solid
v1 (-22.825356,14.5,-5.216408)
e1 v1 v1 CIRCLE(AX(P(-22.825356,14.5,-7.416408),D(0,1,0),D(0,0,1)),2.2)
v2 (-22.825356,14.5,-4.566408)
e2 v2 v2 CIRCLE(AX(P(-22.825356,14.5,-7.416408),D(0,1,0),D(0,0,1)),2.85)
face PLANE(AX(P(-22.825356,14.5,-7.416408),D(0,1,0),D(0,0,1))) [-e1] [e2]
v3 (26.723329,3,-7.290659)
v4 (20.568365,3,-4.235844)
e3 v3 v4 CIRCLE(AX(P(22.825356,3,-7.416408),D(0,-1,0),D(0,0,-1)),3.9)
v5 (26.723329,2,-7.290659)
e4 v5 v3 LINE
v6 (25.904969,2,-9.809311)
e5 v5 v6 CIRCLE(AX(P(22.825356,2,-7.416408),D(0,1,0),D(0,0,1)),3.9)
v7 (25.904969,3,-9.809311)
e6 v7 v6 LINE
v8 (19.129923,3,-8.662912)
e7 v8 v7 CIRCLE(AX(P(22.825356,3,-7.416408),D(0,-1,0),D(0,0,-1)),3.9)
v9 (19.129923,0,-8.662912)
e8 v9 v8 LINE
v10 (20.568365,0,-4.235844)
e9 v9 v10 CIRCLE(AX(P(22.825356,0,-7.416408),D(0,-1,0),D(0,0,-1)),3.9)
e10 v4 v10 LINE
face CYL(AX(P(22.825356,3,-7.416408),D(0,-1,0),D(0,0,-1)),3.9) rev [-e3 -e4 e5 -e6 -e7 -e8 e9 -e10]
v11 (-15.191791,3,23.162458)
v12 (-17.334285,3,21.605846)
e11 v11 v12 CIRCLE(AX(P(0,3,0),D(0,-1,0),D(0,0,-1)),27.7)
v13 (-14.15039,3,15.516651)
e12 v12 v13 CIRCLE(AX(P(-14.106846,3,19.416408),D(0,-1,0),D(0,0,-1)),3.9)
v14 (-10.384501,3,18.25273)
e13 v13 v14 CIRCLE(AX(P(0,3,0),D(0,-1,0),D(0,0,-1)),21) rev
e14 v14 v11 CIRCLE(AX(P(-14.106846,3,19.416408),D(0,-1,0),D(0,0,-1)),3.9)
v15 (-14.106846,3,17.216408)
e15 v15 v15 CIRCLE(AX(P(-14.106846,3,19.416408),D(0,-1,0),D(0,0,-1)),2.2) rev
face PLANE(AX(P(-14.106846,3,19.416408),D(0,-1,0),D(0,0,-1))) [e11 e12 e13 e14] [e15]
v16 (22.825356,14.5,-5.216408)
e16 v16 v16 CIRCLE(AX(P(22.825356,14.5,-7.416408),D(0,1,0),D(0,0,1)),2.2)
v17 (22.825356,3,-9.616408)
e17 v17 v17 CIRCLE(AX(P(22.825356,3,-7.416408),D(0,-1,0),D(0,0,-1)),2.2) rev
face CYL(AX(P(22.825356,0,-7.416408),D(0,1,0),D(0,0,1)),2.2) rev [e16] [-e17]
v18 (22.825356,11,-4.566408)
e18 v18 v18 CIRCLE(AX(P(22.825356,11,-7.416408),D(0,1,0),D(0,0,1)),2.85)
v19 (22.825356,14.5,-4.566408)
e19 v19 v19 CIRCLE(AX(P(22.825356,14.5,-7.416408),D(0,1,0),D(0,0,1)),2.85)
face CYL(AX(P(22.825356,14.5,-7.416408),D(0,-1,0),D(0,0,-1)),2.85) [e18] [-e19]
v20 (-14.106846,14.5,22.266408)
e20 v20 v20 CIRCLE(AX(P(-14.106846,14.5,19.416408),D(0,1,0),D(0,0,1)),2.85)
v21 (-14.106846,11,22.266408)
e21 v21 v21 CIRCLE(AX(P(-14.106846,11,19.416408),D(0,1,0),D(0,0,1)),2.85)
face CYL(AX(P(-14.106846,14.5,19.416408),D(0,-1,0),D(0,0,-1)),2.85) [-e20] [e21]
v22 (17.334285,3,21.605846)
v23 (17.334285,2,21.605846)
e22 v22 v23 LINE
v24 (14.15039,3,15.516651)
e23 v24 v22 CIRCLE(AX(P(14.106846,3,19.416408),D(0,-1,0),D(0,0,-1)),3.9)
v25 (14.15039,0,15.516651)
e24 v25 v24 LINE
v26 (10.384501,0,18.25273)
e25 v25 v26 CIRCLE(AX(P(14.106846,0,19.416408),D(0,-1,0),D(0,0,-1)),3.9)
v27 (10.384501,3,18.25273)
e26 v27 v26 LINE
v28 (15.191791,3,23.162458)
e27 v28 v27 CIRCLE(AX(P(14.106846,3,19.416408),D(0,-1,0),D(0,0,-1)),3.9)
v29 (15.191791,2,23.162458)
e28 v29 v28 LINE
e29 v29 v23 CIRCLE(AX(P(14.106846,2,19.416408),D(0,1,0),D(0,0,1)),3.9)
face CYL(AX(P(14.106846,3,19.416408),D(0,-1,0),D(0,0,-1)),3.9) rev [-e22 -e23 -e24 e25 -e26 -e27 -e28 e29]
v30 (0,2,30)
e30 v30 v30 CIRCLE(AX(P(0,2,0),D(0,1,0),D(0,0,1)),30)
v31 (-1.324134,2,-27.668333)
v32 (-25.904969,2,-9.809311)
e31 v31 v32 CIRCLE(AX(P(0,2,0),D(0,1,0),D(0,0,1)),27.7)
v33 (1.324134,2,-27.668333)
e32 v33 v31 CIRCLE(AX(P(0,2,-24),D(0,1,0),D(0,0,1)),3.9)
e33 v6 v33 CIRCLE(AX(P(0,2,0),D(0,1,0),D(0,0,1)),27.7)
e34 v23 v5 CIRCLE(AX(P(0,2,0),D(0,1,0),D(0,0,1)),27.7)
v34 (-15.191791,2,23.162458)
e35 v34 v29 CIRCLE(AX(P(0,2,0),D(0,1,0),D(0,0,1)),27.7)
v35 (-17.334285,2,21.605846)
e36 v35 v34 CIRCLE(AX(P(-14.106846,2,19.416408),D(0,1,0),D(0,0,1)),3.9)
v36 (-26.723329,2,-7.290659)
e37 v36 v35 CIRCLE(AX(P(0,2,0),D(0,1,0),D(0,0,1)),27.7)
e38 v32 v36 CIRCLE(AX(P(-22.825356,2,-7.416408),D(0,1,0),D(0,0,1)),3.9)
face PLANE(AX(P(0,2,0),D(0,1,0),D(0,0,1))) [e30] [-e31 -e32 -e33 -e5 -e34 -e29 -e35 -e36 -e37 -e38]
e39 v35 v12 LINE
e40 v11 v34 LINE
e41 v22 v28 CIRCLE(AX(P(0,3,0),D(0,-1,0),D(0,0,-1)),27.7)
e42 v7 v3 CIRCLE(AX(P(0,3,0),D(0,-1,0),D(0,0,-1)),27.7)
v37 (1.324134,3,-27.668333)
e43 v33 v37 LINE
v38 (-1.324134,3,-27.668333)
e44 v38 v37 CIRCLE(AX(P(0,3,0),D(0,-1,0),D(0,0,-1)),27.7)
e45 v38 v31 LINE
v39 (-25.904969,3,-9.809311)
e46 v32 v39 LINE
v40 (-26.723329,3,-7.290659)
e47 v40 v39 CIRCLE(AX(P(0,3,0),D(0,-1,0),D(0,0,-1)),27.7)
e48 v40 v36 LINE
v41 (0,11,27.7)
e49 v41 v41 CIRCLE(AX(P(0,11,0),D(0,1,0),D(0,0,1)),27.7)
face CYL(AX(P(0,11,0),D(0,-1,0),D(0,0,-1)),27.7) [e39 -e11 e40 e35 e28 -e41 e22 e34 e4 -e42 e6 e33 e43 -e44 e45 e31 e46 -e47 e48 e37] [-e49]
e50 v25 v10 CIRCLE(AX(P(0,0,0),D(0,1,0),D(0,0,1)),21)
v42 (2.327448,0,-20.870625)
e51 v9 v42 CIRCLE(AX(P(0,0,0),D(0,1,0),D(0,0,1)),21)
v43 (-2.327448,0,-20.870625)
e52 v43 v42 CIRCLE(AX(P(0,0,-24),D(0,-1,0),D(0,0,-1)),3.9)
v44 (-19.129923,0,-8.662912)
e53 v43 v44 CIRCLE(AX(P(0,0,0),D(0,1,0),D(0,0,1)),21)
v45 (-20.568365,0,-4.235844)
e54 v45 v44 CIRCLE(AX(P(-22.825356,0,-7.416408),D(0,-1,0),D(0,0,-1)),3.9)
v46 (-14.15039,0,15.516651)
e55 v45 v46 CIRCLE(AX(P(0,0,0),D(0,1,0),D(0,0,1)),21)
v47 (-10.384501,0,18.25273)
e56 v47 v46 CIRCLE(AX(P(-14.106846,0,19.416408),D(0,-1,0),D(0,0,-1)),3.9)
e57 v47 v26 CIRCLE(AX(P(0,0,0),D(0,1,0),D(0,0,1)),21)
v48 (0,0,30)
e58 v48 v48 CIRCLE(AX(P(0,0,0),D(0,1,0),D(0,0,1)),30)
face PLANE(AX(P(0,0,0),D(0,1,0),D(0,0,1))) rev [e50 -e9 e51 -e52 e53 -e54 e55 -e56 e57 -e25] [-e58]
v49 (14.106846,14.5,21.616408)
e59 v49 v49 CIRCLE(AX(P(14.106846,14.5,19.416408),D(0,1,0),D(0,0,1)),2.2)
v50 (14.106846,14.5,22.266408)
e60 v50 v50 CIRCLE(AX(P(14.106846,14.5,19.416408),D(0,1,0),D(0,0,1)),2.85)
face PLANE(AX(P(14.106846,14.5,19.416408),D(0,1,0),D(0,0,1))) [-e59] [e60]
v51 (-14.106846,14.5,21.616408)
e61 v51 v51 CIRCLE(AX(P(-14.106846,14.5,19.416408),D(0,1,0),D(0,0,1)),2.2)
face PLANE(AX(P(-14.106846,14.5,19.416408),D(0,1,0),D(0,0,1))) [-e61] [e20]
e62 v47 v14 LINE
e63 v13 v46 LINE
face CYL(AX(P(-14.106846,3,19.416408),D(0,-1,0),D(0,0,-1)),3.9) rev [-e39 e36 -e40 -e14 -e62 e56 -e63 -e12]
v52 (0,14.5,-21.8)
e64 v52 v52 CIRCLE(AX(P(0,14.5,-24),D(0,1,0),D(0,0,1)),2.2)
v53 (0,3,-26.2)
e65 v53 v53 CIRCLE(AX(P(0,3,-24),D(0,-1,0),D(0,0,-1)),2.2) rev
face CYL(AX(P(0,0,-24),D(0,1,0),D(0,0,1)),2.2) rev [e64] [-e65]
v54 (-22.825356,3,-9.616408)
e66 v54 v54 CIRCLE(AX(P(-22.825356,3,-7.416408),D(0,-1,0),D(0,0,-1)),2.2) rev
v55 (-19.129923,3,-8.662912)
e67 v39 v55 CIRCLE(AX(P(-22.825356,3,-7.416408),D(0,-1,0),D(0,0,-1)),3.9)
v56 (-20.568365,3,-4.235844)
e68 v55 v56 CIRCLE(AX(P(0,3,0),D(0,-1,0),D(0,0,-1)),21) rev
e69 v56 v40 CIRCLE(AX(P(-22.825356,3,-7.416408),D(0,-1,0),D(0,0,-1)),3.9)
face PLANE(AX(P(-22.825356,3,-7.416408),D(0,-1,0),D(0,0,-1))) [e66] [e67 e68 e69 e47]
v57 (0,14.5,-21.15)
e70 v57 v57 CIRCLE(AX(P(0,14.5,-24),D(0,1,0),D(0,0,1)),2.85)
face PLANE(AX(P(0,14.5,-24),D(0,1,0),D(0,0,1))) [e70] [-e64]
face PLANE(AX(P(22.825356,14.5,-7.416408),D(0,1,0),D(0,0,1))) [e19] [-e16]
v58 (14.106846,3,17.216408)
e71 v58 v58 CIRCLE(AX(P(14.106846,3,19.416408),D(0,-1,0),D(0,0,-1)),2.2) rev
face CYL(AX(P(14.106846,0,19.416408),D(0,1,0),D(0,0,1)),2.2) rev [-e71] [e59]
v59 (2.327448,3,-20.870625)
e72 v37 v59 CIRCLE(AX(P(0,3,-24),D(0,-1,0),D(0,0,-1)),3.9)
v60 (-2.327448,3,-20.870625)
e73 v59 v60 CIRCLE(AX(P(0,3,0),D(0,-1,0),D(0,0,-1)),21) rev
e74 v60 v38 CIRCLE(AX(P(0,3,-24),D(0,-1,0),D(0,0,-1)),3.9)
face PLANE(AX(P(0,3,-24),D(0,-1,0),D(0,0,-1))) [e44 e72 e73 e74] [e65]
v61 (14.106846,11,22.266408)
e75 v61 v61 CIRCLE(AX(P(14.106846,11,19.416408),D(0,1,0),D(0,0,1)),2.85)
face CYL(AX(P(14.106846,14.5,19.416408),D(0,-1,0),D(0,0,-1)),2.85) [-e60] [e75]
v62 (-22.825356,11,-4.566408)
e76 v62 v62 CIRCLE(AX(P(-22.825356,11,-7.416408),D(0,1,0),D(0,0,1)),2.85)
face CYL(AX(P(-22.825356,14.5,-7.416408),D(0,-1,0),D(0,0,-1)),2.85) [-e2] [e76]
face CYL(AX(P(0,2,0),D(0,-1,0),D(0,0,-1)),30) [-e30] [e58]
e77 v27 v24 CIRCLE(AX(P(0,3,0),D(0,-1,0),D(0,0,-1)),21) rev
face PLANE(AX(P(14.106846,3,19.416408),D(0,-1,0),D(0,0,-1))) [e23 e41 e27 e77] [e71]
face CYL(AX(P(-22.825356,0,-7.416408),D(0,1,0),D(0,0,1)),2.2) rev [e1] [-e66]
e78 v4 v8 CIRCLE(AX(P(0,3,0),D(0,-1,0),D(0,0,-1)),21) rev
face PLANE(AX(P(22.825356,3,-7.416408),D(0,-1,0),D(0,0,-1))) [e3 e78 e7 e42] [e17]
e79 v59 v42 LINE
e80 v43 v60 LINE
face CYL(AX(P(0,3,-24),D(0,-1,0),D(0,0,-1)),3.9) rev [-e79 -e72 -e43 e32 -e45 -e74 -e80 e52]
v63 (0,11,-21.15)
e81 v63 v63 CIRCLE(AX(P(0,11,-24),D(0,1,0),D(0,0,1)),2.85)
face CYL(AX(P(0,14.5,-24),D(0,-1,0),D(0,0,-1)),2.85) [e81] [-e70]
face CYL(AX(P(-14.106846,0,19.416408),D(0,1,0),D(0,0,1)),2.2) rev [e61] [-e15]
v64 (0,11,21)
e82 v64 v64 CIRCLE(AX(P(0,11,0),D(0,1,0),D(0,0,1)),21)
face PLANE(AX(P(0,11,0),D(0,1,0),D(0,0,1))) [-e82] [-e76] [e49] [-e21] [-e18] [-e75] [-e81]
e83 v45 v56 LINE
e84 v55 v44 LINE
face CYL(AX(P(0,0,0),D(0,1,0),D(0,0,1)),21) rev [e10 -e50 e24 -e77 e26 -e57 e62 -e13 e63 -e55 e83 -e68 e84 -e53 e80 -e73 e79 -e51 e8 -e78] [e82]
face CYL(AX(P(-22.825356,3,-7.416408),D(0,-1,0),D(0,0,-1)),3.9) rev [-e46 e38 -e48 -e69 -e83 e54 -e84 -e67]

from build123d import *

# Parameters (mm, degrees)
SKETCH3_R           = 27.7
BOSS_EXTRUDE2_DEPTH = 11
SKETCH4_R           = 30
BOSS_EXTRUDE3_DEPTH = 2
SKETCH5_R           = 2.2
CUT_EXTRUDE1_DEPTH  = 44.829214002
SKETCH9_R           = 21
CUT_EXTRUDE5_DEPTH  = 44.829214002
BOSS_EXTRUDE4_START = 3.5
SKETCH10_R          = 2.85
SKETCH10_R_2        = 2.2
BOSS_EXTRUDE4_DEPTH = 3.5
SKETCH15_R          = 3.9
CUT_EXTRUDE6_DEPTH  = 3


with BuildPart() as part:
    # Sketch3 → Boss-Extrude2 (new body)
    with BuildSketch(Plane(origin=(0, 0, 0), x_dir=(1, 0, 0), z_dir=(0, 1, 0))):
        with Locations(Location((0, 0, 0), (0, 0, 270))):
            Circle(SKETCH3_R)
    extrude(amount=BOSS_EXTRUDE2_DEPTH)

    # Sketch4 → Boss-Extrude3 (add)
    with BuildSketch(Plane(origin=(0, 0, 0), x_dir=(1, 0, 0), z_dir=(0, 1, 0))):
        with Locations(Location((0, 0, 0), (0, 0, 270))):
            Circle(SKETCH4_R)
    extrude(amount=BOSS_EXTRUDE3_DEPTH)

    # Sketch5 → Cut-Extrude1 (cut, through all)
    with BuildSketch(Plane(origin=(0, 11, 0), x_dir=(1, 0, 0), z_dir=(0, 1, 0))):
        with Locations(Location((0, 24, 0), (0, 0, 270))):
            Circle(SKETCH5_R)
        with Locations(Location((22.825356391, 7.416407865, 0), (0, 0, 270))):
            Circle(SKETCH5_R)
        with Locations(Location((14.106846055, -19.416407865, 0), (0, 0, 270))):
            Circle(SKETCH5_R)
        with Locations(Location((-14.106846055, -19.416407865, 0), (0, 0, 270))):
            Circle(SKETCH5_R)
        with Locations(Location((-22.825356391, 7.416407865, 0), (0, 0, 270))):
            Circle(SKETCH5_R)
    extrude(amount=-CUT_EXTRUDE1_DEPTH, mode=Mode.SUBTRACT)

    # Sketch9 → Cut-Extrude5 (cut, through all)
    with BuildSketch(Plane(origin=(0, 11, 0), x_dir=(1, 0, 0), z_dir=(0, 1, 0))):
        with Locations(Location((0, 0, 0), (0, 0, 270))):
            Circle(SKETCH9_R)
    extrude(amount=-CUT_EXTRUDE5_DEPTH, mode=Mode.SUBTRACT)

    # Sketch10 → Boss-Extrude4 (add)
    # profile 1 of 5: a face of its own
    with BuildSketch(Plane(origin=(0, 11, 0), x_dir=(1, 0, 0), z_dir=(0, 1, 0)).offset(BOSS_EXTRUDE4_START)):
        with Locations(Location((-22.825356391, 7.416407865, 0), (0, 0, 270))):
            Circle(SKETCH10_R)
        with Locations(Location((-22.825356391, 7.416407865, 0), (0, 0, 270))):
            Circle(SKETCH10_R_2, mode=Mode.SUBTRACT)
    # profile 2 of 5: a face of its own
    with BuildSketch(Plane(origin=(0, 11, 0), x_dir=(1, 0, 0), z_dir=(0, 1, 0)).offset(BOSS_EXTRUDE4_START)):
        with Locations(Location((0, 24, 0), (0, 0, 270))):
            Circle(SKETCH10_R)
        with Locations(Location((0, 24, 0), (0, 0, 270))):
            Circle(SKETCH10_R_2, mode=Mode.SUBTRACT)
    # profile 3 of 5: a face of its own
    with BuildSketch(Plane(origin=(0, 11, 0), x_dir=(1, 0, 0), z_dir=(0, 1, 0)).offset(BOSS_EXTRUDE4_START)):
        with Locations(Location((22.825356391, 7.416407865, 0), (0, 0, 270))):
            Circle(SKETCH10_R)
        with Locations(Location((22.825356391, 7.416407865, 0), (0, 0, 270))):
            Circle(SKETCH10_R_2, mode=Mode.SUBTRACT)
    # profile 4 of 5: a face of its own
    with BuildSketch(Plane(origin=(0, 11, 0), x_dir=(1, 0, 0), z_dir=(0, 1, 0)).offset(BOSS_EXTRUDE4_START)):
        with Locations(Location((14.106846055, -19.416407865, 0), (0, 0, 270))):
            Circle(SKETCH10_R)
        with Locations(Location((14.106846055, -19.416407865, 0), (0, 0, 270))):
            Circle(SKETCH10_R_2, mode=Mode.SUBTRACT)
    # profile 5 of 5: a face of its own
    with BuildSketch(Plane(origin=(0, 11, 0), x_dir=(1, 0, 0), z_dir=(0, 1, 0)).offset(BOSS_EXTRUDE4_START)):
        with Locations(Location((-14.106846055, -19.416407865, 0), (0, 0, 270))):
            Circle(SKETCH10_R)
        with Locations(Location((-14.106846055, -19.416407865, 0), (0, 0, 270))):
            Circle(SKETCH10_R_2, mode=Mode.SUBTRACT)
    extrude(amount=-BOSS_EXTRUDE4_DEPTH)

    # Sketch15 → Cut-Extrude6 (cut)
    with BuildSketch(Plane.XZ):
        with Locations((-14.106846055, 19.416407865)):
            Circle(SKETCH15_R)
        with Locations((14.106846055, 19.416407865)):
            Circle(SKETCH15_R)
        with Locations((22.825356391, -7.416407865)):
            Circle(SKETCH15_R)
        with Locations((0, -24)):
            Circle(SKETCH15_R)
        with Locations((-22.825356391, -7.416407865)):
            Circle(SKETCH15_R)
    extrude(amount=-CUT_EXTRUDE6_DEPTH, mode=Mode.SUBTRACT)


solid = part.part
